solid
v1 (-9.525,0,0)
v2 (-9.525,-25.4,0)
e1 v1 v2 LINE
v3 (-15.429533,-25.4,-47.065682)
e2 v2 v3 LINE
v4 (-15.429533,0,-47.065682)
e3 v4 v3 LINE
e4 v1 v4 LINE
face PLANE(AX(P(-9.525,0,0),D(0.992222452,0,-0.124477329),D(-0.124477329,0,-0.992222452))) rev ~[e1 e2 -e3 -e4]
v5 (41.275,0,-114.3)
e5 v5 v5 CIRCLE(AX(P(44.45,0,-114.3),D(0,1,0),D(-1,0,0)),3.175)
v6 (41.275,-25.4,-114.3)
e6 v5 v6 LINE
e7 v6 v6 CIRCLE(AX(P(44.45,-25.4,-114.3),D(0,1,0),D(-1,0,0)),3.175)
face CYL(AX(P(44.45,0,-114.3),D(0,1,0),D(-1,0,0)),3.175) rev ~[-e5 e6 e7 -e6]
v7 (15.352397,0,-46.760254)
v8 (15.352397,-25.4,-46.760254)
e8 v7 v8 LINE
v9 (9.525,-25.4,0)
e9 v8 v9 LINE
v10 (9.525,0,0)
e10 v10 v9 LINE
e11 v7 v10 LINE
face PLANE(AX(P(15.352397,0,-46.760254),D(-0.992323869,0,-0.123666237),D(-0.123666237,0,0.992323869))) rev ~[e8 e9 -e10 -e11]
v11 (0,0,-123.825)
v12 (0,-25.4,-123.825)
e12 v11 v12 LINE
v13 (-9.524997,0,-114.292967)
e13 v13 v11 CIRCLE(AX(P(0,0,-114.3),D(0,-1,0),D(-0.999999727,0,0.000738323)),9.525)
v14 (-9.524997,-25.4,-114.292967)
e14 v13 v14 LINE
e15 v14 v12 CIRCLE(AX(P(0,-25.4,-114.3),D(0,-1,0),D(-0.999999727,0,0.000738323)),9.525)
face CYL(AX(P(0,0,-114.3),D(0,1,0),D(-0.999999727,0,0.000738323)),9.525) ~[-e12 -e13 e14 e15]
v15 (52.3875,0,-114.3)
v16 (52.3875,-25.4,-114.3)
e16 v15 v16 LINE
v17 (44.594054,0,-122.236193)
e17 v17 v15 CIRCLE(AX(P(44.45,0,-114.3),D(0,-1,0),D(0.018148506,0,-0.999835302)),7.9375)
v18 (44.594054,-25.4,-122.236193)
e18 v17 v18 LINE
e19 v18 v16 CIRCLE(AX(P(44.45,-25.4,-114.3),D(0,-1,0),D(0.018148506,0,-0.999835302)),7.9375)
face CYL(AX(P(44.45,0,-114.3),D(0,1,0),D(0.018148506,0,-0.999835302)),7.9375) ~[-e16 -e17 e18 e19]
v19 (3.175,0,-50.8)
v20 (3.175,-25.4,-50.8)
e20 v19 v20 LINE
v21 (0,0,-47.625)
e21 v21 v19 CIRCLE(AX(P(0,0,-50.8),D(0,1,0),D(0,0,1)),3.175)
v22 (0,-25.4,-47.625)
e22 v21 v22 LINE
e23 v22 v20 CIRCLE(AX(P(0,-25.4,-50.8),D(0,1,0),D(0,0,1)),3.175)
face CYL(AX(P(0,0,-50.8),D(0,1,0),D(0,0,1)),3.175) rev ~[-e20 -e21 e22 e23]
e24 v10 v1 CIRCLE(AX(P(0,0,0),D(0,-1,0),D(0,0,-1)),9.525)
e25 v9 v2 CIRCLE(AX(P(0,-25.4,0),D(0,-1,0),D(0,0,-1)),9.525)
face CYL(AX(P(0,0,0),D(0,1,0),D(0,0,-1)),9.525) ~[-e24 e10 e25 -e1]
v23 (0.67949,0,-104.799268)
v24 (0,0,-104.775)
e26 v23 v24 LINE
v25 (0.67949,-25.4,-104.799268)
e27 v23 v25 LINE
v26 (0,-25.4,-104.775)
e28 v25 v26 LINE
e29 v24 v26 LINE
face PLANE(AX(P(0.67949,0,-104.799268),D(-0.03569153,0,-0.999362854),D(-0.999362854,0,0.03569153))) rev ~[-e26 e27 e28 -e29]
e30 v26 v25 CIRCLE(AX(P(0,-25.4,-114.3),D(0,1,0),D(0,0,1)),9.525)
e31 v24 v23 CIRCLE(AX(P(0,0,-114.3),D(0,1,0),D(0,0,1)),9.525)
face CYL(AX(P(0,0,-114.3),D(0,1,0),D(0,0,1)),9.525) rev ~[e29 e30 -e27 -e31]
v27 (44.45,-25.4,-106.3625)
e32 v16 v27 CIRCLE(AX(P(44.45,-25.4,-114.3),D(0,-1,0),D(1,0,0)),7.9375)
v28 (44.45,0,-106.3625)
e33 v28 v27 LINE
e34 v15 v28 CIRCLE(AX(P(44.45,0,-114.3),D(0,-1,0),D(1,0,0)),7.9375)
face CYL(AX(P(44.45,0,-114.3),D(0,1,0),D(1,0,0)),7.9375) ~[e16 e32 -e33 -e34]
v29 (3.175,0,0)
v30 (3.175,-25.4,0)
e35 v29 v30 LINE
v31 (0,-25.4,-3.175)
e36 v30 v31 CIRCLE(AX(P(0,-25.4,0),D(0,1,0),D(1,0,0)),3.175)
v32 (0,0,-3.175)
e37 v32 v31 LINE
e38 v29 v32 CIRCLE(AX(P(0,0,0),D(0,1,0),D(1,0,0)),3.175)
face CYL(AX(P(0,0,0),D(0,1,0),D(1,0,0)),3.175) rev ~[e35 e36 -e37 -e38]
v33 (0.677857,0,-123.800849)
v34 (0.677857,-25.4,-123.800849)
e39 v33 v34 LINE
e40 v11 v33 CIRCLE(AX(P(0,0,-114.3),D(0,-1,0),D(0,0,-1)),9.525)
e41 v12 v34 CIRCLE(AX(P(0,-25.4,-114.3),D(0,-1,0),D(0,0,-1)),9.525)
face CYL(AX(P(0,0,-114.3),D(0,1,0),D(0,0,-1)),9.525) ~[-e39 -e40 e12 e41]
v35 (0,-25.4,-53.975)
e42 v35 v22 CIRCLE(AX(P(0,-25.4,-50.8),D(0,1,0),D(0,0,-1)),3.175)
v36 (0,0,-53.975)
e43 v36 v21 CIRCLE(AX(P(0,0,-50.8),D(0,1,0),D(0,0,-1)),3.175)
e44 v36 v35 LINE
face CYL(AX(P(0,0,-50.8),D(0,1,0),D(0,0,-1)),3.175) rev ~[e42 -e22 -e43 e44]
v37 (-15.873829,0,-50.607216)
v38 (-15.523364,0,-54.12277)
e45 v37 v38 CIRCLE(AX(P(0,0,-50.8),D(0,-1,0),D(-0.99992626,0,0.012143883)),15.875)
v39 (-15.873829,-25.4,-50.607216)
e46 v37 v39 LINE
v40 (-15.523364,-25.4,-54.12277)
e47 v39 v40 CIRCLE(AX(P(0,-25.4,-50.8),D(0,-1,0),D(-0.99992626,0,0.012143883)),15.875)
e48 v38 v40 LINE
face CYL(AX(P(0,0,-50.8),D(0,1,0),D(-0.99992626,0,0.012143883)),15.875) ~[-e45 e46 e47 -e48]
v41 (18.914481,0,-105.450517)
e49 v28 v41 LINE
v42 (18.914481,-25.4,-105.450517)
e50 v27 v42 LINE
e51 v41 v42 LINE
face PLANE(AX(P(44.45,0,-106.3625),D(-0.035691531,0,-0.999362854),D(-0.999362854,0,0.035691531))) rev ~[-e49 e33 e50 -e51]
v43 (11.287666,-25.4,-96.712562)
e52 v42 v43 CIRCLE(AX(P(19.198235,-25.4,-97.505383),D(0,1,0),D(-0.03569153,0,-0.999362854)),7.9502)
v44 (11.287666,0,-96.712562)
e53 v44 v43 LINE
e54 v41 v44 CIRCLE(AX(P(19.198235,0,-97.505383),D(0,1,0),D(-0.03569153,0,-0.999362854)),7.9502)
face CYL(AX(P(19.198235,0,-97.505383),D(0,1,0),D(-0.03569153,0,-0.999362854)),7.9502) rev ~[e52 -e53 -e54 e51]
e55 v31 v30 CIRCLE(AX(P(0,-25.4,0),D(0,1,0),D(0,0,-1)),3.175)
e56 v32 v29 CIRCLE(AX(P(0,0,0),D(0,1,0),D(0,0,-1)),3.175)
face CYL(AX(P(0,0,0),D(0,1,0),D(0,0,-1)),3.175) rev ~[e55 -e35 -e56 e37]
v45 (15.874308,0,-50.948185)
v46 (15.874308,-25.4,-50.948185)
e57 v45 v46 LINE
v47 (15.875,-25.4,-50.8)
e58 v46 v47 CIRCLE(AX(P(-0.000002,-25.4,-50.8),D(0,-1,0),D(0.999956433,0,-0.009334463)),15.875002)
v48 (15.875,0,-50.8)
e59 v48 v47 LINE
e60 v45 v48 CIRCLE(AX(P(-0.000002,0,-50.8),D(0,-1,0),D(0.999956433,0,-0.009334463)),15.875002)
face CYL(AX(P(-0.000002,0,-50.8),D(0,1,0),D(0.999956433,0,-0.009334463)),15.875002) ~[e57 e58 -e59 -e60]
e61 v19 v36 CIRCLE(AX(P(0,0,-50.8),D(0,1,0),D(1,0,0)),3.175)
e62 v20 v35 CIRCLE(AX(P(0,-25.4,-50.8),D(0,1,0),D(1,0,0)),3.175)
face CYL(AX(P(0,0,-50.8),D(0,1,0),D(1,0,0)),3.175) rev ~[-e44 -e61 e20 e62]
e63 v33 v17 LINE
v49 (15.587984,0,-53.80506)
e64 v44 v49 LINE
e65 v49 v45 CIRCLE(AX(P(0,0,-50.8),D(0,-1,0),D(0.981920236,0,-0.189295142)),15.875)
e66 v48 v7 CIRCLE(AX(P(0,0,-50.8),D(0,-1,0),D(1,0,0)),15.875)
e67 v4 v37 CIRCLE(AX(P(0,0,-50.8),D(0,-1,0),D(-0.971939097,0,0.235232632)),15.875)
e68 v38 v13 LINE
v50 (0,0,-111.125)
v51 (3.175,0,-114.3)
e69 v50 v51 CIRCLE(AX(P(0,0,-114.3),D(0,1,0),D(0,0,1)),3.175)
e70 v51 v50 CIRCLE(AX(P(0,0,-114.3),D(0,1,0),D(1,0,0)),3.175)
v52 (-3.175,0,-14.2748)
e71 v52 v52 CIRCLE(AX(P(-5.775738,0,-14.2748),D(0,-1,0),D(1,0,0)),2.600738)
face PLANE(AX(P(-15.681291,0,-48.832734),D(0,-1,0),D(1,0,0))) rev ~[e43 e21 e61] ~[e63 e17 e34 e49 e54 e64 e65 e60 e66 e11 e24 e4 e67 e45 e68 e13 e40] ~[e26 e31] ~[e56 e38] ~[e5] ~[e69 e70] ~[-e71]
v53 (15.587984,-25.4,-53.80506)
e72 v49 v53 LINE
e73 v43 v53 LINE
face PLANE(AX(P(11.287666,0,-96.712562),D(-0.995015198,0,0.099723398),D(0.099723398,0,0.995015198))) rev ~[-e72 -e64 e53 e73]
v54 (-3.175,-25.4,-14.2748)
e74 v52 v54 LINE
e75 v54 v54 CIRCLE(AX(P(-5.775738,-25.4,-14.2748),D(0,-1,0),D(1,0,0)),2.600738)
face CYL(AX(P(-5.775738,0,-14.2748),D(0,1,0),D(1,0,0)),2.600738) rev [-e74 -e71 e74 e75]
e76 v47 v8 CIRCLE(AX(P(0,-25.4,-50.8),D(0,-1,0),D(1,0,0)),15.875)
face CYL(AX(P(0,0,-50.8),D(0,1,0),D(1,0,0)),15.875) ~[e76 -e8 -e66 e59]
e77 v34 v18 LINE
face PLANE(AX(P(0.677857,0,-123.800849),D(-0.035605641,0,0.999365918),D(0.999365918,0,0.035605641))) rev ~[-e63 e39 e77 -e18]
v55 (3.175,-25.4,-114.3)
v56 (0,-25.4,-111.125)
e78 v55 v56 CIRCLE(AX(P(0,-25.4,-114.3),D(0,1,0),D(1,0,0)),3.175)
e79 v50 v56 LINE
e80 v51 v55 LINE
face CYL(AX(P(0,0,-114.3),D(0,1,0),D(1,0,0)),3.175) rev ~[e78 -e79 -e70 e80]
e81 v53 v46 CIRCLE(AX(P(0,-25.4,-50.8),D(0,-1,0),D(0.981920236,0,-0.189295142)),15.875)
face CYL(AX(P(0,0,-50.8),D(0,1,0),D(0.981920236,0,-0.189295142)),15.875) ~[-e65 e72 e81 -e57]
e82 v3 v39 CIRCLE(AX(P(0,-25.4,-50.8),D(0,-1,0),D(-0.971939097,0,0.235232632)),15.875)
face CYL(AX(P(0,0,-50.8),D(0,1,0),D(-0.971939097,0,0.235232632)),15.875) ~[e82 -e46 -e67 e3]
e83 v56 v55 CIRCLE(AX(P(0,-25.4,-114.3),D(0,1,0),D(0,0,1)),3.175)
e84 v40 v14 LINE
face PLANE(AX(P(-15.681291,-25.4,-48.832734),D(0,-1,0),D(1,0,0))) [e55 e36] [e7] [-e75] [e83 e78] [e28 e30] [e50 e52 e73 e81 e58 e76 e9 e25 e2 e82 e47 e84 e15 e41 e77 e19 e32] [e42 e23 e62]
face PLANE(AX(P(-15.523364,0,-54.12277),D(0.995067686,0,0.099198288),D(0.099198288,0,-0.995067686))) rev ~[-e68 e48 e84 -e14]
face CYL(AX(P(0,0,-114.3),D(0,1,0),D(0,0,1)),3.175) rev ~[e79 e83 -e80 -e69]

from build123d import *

# Parameters (mm, degrees)
F0_R     = 2.6007380418
F1_DEPTH = 25.4


with BuildPart() as f1:
    # F0 (on Front) → F1 (new body)
    with BuildSketch(Plane.XZ):
        with BuildLine():
            Line((-15.8738293827, -50.6072158518), (-15.4295331686, -47.0656819632))
            ThreePointArc((-15.4295331686, -47.0656819632), (-15.751531428, -48.8239224018), (-15.8738293827, -50.6072158518))
        make_face()
        with BuildLine():
            Line((-15.5233638186, -54.1227700425), (-15.8738293827, -50.6072158518))
            ThreePointArc((-15.8738293827, -50.6072158518), (-15.7966995144, -52.3747728257), (-15.5233638186, -54.1227700425))
        make_face()
        with BuildLine():
            ThreePointArc((15.5879837413, -53.8050603789), (15.7958662647, -52.38310895), (15.874308373, -50.9481846156))
            Line((15.874308373, -50.9481846156), (15.5879837413, -53.8050603789))
        make_face()
        with BuildLine():
            ThreePointArc((15.875, -50.8), (15.7438070308, -48.7632955104), (15.352396513, -46.7602541779))
            Line((15.352396513, -46.7602541779), (15.874308373, -50.9481846156))
            ThreePointArc((15.874308373, -50.9481846156), (15.8748270923, -50.8740931148), (15.875, -50.8))
        make_face()
        with BuildLine():
            Line((0.6778573649, -123.8008491406), (0, -123.825))
            ThreePointArc((0, -123.825), (0.3391437273, -123.8189603703), (0.6778573649, -123.8008491406))
        make_face()
        with BuildLine():
            ThreePointArc((9.525, 0), (6.7351920908, -6.7351920908), (0, -9.525))
            Line((0, -9.525), (0, -34.925))
            ThreePointArc((0, -34.925), (9.6923851573, -38.227279731), (15.352396513, -46.7602541779))
            Line((15.352396513, -46.7602541779), (9.525, 0))
        make_face()
        with BuildLine():
            Line((0, -104.775), (0, -66.675))
            ThreePointArc((0, -66.675), (-9.9816494272, -63.14432257), (-15.5233638186, -54.1227700425))
            Line((-15.5233638186, -54.1227700425), (-9.5249974039, -114.2929674737))
            ThreePointArc((-9.5249974039, -114.2929674737), (-6.7327052582, -107.5623219944), (0, -104.775))
        make_face()
        with BuildLine():
            Line((36.5125, -114.3), (9.525, -114.3))
            ThreePointArc((9.525, -114.3), (6.9707322571, -120.7911105983), (0.6778573649, -123.8008491406))
            Line((0.6778573649, -123.8008491406), (44.5940537667, -122.236192712))
            ThreePointArc((44.5940537667, -122.236192712), (38.888503822, -119.9633617677), (36.5125, -114.3))
        make_face()
        with BuildLine():
            ThreePointArc((52.3875, -114.3), (50.0626600757, -108.6873399243), (44.45, -106.3625))
            ThreePointArc((44.45, -106.3625), (38.8373399243, -108.6873399243), (36.5125, -114.3))
            ThreePointArc((36.5125, -114.3), (38.888503822, -119.9633617677), (44.5940537667, -122.236192712))
            ThreePointArc((44.5940537667, -122.236192712), (50.1133617677, -119.861496178), (52.3875, -114.3))
        make_face()
        with BuildLine():
            ThreePointArc((47.625, -114.3), (44.45, -117.475), (41.275, -114.3))
            ThreePointArc((41.275, -114.3), (44.45, -111.125), (47.625, -114.3))
        make_face(mode=Mode.SUBTRACT)
        with BuildLine():
            ThreePointArc((-9.525, 0), (-6.7351920908, -6.7351920908), (0, -9.525))
            ThreePointArc((0, -9.525), (6.7351920908, -6.7351920908), (9.525, 0))
            ThreePointArc((9.525, 0), (0, 9.525), (-9.525, 0))
        make_face()
        with BuildLine():
            ThreePointArc((3.175, 0), (2.2450640303, -2.2450640303), (0, -3.175))
            ThreePointArc((0, -3.175), (-2.2450640303, 2.2450640303), (3.175, 0))
        make_face(mode=Mode.SUBTRACT)
        with BuildLine():
            Line((0, -111.125), (0, -104.775))
            ThreePointArc((0, -104.775), (-6.7327052582, -107.5623219944), (-9.5249974039, -114.2929674737))
            ThreePointArc((-9.5249974039, -114.2929674737), (-6.7376780056, -121.0327052582), (0, -123.825))
            Line((0, -123.825), (0.6778573649, -123.8008491406))
            ThreePointArc((0.6778573649, -123.8008491406), (6.9707322571, -120.7911105983), (9.525, -114.3))
            Line((9.525, -114.3), (3.175, -114.3))
            ThreePointArc((3.175, -114.3), (-2.2450640303, -116.5450640303), (0, -111.125))
        make_face()
        with BuildLine():
            ThreePointArc((15.5879837413, -53.8050603789), (10.1071828787, -63.0417514783), (0, -66.675))
            Line((0, -66.675), (0, -104.775))
            ThreePointArc((0, -104.775), (0.3399618281, -104.7810688123), (0.6794904459, -104.7992675159))
            ThreePointArc((0.6794904459, -104.7992675159), (6.9712901065, -107.8094885216), (9.525, -114.3))
            Line((9.525, -114.3), (36.5125, -114.3))
            ThreePointArc((36.5125, -114.3), (38.8373399243, -108.6873399243), (44.45, -106.3625))
            Line((44.45, -106.3625), (18.914480682, -105.4505171672))
            ThreePointArc((18.914480682, -105.4505171672), (13.2086857771, -102.7332860354), (11.2876656625, -96.7125616404))
            Line((11.2876656625, -96.7125616404), (15.5879837413, -53.8050603789))
        make_face()
        with BuildLine():
            Line((0, -34.925), (0, -9.525))
            ThreePointArc((0, -9.525), (-6.7351920908, -6.7351920908), (-9.525, 0))
            Line((-9.525, 0), (-15.4295331686, -47.0656819632))
            ThreePointArc((-15.4295331686, -47.0656819632), (-9.8166523359, -38.3240646877), (0, -34.925))
        make_face()
        with Locations((-5.7757380418, -14.2748)):
            Circle(F0_R, mode=Mode.SUBTRACT)
        with BuildLine():
            Line((0, -47.625), (0, -34.925))
            ThreePointArc((0, -34.925), (-9.8166523359, -38.3240646877), (-15.4295331686, -47.0656819632))
            Line((-15.4295331686, -47.0656819632), (-15.8738293827, -50.6072158518))
            Line((-15.8738293827, -50.6072158518), (-15.5233638186, -54.1227700425))
            ThreePointArc((-15.5233638186, -54.1227700425), (-9.9816494272, -63.14432257), (0, -66.675))
            Line((0, -66.675), (0, -53.975))
            ThreePointArc((0, -53.975), (-3.175, -50.8), (0, -47.625))
        make_face()
        with BuildLine():
            ThreePointArc((15.352396513, -46.7602541779), (9.6923851573, -38.227279731), (0, -34.925))
            Line((0, -34.925), (0, -47.625))
            ThreePointArc((0, -47.625), (2.2450640303, -48.5549359697), (3.175, -50.8))
            ThreePointArc((3.175, -50.8), (2.2450640303, -53.0450640303), (0, -53.975))
            Line((0, -53.975), (0, -66.675))
            ThreePointArc((0, -66.675), (10.1071828787, -63.0417514783), (15.5879837413, -53.8050603789))
            Line((15.5879837413, -53.8050603789), (15.874308373, -50.9481846156))
            Line((15.874308373, -50.9481846156), (15.352396513, -46.7602541779))
        make_face()
        with BuildLine():
            Line((0.6794904459, -104.7992675159), (0, -104.775))
            Line((0, -104.775), (0, -111.125))
            ThreePointArc((0, -111.125), (2.2450640303, -112.0549359697), (3.175, -114.3))
            Line((3.175, -114.3), (9.525, -114.3))
            ThreePointArc((9.525, -114.3), (6.9712901065, -107.8094885216), (0.6794904459, -104.7992675159))
        make_face()
    extrude(amount=F1_DEPTH)


solid = f1.part
